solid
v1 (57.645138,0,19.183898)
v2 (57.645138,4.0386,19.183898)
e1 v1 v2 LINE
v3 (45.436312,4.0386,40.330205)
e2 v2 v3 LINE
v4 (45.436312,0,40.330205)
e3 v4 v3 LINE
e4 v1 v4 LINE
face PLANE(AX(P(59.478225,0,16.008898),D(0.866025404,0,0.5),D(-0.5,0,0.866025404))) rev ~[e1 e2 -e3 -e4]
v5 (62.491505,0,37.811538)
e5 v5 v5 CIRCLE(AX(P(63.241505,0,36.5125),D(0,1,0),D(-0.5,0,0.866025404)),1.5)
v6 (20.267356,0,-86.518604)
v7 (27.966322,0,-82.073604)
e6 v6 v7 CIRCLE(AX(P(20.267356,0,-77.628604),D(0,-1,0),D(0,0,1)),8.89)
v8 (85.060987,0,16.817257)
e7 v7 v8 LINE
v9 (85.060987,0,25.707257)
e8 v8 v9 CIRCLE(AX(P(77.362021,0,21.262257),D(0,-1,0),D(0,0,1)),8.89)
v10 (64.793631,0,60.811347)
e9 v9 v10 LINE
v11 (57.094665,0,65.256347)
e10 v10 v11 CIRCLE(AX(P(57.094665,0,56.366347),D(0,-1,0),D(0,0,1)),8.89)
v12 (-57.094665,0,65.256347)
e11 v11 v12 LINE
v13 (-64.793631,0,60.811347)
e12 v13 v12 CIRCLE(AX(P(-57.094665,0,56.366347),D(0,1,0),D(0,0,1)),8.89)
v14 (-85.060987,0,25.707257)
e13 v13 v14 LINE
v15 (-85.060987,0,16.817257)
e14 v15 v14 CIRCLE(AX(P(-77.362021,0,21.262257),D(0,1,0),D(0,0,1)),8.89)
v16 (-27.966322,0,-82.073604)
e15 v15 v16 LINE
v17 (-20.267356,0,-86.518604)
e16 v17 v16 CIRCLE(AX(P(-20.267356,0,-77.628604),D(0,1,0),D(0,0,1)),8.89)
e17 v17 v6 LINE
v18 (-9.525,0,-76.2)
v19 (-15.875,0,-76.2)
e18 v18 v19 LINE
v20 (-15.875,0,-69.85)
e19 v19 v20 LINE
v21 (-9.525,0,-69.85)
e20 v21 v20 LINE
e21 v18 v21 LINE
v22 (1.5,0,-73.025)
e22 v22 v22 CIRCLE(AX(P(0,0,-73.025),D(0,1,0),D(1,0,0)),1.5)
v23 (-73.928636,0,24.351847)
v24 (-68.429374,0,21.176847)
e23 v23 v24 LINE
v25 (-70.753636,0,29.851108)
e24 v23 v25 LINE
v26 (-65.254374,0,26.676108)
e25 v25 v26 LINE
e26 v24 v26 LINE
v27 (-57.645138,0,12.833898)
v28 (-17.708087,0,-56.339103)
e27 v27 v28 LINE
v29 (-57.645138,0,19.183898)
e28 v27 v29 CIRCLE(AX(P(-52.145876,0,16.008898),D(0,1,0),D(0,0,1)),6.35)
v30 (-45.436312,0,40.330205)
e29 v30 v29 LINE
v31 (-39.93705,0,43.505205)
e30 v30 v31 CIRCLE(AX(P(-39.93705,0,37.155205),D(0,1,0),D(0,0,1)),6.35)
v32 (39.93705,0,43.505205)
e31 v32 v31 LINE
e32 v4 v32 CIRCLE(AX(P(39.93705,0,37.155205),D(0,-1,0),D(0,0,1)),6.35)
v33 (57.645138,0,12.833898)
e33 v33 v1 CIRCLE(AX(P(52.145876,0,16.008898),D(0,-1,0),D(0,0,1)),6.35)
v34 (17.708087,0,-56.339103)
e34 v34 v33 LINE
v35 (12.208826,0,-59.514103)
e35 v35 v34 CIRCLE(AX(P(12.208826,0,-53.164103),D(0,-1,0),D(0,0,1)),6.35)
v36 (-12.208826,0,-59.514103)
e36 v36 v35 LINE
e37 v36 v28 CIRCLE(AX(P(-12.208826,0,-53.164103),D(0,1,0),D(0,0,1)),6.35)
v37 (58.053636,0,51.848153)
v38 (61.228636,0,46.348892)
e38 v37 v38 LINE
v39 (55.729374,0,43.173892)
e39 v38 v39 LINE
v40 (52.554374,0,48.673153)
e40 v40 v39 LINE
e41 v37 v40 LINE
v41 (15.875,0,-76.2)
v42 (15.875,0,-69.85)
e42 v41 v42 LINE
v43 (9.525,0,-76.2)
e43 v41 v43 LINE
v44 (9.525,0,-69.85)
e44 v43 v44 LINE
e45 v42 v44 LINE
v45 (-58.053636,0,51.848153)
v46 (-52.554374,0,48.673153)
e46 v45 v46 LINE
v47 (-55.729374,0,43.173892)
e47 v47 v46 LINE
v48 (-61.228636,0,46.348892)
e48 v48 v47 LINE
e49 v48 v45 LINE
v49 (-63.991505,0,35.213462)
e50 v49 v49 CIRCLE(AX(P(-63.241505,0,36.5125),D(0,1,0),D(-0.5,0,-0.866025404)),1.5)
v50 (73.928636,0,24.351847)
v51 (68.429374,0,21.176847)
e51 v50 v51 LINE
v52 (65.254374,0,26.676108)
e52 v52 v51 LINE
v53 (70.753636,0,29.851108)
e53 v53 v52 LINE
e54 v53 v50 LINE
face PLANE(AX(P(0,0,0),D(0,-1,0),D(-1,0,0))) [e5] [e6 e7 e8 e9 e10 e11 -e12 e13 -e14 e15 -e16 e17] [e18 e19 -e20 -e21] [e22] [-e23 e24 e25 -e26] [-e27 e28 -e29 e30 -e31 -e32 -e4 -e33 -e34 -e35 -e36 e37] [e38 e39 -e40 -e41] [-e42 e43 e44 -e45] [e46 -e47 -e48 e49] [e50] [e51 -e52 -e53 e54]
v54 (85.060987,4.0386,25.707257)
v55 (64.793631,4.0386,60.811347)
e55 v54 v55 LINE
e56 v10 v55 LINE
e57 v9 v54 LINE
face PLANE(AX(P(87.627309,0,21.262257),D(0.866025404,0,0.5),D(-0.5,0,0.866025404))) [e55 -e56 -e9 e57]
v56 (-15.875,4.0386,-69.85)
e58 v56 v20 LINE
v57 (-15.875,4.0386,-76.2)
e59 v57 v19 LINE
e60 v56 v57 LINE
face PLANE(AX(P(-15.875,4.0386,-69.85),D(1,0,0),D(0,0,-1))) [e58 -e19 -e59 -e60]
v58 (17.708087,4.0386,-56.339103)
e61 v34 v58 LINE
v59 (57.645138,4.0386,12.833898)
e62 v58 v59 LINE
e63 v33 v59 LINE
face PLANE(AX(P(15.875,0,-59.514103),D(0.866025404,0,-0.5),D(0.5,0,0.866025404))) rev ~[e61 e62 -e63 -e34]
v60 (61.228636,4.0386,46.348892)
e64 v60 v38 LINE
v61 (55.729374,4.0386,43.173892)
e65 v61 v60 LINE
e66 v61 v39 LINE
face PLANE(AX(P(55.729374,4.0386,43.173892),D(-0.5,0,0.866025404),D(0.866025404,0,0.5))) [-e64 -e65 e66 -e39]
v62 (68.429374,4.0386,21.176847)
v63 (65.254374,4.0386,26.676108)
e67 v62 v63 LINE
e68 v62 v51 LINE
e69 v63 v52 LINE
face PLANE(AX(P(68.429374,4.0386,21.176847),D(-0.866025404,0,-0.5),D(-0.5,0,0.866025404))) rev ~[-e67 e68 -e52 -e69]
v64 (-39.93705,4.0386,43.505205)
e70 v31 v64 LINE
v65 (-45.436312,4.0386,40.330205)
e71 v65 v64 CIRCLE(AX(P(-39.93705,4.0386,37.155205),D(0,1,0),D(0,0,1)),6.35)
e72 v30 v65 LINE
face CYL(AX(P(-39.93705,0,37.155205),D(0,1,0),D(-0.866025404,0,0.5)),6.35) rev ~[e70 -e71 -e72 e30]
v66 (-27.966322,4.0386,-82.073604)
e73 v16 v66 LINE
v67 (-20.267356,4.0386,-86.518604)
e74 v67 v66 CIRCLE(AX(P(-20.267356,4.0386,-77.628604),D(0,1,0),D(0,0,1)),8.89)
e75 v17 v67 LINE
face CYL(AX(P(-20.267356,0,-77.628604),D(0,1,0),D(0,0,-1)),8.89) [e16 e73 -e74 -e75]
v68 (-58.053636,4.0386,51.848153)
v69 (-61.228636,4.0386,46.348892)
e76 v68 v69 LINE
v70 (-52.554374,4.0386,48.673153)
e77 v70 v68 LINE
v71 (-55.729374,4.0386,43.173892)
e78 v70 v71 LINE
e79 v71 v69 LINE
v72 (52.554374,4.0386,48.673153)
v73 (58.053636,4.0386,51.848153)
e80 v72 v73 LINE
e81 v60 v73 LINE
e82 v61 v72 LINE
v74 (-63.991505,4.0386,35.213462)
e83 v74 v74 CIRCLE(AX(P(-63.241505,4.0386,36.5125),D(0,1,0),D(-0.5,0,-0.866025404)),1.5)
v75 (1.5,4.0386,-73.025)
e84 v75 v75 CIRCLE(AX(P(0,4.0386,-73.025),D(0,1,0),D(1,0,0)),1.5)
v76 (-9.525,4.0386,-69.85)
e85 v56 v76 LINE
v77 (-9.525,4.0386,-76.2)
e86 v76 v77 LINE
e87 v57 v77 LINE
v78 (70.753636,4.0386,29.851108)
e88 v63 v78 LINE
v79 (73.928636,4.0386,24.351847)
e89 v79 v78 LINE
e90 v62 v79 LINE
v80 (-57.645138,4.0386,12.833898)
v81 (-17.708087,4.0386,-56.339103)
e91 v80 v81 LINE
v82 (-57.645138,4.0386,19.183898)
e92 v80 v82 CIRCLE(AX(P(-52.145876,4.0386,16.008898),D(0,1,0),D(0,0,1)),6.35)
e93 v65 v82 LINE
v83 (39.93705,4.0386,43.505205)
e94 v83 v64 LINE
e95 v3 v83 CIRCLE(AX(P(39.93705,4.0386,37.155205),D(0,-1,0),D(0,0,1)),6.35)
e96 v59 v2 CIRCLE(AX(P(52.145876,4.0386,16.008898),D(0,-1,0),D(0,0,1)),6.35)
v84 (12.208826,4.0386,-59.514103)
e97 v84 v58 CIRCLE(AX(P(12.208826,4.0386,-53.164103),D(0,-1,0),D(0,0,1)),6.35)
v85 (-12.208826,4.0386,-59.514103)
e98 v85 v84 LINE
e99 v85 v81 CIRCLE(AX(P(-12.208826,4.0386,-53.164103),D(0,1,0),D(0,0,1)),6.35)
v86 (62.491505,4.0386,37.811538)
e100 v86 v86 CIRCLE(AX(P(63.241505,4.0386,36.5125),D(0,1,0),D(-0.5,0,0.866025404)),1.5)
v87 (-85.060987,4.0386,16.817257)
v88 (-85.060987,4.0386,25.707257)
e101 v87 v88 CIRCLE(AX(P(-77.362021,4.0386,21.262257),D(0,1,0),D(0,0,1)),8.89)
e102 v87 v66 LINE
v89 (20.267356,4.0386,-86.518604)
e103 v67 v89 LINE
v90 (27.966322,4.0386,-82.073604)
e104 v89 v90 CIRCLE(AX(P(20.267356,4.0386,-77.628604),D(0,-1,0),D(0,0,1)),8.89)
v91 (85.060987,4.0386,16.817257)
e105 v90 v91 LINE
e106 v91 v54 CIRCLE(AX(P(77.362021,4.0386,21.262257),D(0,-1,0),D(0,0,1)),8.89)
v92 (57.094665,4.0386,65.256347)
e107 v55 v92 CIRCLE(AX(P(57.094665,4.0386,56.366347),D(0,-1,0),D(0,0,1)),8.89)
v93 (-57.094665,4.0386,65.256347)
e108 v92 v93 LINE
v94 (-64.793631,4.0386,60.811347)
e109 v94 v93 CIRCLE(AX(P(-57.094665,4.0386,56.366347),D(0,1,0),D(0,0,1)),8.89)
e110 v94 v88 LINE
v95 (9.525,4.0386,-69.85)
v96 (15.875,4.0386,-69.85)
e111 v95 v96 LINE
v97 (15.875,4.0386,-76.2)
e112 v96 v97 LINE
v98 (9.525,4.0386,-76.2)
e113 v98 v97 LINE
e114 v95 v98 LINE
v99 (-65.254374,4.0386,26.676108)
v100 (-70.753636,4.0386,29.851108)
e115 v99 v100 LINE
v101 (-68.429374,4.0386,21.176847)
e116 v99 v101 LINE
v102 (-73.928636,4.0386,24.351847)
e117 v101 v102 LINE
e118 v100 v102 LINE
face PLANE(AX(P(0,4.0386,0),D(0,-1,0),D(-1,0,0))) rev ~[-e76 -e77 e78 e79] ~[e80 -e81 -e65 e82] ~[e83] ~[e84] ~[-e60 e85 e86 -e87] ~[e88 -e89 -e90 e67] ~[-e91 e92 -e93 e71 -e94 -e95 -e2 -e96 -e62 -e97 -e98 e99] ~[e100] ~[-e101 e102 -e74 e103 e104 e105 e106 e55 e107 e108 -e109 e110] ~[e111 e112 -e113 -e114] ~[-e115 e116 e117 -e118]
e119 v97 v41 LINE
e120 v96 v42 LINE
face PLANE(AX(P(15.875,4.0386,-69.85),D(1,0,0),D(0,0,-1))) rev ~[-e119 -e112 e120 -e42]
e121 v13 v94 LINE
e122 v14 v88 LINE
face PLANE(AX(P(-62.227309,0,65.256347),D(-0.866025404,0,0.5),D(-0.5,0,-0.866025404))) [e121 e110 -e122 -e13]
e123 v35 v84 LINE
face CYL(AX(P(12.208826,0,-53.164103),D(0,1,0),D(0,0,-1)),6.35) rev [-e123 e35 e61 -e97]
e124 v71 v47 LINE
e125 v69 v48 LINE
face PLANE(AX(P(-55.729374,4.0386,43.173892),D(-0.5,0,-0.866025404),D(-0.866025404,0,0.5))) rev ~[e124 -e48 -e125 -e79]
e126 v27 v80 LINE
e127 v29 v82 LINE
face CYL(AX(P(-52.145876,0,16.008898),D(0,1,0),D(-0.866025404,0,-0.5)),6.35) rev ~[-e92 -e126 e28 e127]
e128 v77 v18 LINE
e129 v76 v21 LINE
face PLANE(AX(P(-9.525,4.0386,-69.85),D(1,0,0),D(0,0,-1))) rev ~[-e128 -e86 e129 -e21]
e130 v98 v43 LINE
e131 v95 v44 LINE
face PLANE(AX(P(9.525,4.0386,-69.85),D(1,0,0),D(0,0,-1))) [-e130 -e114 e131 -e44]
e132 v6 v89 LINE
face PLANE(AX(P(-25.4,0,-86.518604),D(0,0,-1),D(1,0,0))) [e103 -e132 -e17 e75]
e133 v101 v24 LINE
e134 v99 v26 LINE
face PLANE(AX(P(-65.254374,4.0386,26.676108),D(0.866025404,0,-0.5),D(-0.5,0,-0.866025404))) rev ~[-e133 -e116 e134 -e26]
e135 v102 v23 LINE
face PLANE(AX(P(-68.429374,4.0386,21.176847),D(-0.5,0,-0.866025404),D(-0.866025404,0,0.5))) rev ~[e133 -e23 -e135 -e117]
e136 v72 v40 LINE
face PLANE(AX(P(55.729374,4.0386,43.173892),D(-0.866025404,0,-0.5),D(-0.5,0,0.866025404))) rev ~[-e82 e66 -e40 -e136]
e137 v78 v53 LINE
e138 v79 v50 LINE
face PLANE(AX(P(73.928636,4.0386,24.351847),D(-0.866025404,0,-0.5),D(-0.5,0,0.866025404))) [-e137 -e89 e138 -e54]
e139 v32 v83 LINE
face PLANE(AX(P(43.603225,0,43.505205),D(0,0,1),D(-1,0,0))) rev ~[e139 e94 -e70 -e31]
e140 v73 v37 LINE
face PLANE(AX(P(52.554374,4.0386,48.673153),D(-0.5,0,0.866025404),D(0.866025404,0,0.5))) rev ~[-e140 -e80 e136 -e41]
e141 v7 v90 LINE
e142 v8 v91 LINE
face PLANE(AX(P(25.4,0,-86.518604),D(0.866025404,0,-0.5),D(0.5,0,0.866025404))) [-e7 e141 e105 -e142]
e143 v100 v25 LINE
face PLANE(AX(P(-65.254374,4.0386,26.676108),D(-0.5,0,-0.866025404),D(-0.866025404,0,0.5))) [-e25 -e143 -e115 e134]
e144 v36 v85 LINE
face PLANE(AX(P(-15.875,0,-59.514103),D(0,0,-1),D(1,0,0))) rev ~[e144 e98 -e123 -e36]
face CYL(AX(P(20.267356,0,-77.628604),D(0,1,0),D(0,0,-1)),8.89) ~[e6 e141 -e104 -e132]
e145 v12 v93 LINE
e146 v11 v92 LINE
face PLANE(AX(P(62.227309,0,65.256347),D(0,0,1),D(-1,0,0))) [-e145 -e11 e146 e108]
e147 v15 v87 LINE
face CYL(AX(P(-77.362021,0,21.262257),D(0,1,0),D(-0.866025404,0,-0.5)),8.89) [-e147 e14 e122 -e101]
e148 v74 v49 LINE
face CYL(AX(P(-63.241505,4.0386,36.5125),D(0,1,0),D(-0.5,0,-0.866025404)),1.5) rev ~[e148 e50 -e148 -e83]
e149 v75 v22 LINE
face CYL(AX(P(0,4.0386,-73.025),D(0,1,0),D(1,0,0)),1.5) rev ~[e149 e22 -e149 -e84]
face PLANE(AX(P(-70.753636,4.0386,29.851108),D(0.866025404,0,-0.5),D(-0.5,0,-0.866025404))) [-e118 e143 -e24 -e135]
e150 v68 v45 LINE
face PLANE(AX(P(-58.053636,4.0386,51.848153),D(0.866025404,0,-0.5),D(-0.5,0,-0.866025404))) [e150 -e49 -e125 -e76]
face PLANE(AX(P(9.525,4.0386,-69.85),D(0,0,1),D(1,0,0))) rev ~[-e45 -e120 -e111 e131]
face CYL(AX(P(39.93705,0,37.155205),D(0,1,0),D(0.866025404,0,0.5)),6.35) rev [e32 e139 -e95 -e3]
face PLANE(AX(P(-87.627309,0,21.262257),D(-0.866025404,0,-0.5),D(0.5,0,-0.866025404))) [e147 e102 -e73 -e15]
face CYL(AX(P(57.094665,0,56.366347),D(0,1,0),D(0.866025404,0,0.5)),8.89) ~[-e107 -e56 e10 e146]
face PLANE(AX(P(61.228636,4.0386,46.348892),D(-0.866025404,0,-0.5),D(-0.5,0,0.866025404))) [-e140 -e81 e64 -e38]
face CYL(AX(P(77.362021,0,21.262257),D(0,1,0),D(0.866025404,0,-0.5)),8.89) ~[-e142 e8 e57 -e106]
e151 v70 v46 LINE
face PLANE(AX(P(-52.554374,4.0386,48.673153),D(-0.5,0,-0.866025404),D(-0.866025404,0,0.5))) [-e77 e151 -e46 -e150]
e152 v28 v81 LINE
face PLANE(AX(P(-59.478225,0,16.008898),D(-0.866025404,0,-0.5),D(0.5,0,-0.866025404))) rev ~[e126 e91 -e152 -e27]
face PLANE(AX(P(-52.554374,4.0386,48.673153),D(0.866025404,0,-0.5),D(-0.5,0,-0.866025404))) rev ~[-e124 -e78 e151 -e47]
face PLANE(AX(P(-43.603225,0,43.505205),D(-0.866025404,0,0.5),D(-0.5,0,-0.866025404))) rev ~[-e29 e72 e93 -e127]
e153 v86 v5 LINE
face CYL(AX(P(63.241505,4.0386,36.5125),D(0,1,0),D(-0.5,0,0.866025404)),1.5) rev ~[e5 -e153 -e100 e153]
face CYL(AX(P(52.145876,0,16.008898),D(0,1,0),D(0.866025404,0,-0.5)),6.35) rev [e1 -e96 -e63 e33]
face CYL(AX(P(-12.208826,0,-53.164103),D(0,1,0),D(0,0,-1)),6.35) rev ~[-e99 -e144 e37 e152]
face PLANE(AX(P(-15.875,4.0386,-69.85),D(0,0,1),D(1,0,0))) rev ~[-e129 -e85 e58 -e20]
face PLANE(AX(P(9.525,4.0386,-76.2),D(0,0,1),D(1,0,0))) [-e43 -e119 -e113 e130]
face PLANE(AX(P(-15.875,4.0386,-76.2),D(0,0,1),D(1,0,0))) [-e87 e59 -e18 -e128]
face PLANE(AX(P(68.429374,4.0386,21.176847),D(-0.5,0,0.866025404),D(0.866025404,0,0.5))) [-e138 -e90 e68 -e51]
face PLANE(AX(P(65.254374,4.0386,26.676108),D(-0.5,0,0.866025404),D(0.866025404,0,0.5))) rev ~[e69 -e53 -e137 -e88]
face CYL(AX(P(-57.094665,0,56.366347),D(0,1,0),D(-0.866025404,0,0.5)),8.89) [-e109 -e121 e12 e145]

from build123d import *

# Parameters (mm, degrees)
BOSS_EXTRUDE1_DEPTH = 4.0386
SKETCH2_R           = 1.5
SKETCH2_W           = 6.35
SKETCH2_H           = 6.35
CUT_EXTRUDE1_DEPTH  = 124.208459614
CIRPATTERN1_COUNT   = 3
FILLET1_R           = 8.89
FILLET2_R           = 6.35


with BuildPart() as part:
    # Sketch1 → Boss-Extrude1 (new body)
    with BuildSketch(Plane(origin=(0, 0, 0), x_dir=(1, 0, 0), z_dir=(0, 1, 0))):
        Polygon((-25.4, 86.518604358), (25.4, 86.518604358), (87.627309274, -21.262256923), (62.227309274, -65.256347435), (-62.227309274, -65.256347435), (-87.627309274, -21.262256923), align=None)
        Polygon((-15.875, 59.51410253), (15.875, 59.51410253), (59.478224675, -16.00889798), (43.603224675, -43.50520455), (-43.603224675, -43.50520455), (-59.478224675, -16.00889798), align=None, mode=Mode.SUBTRACT)
    extrude(amount=BOSS_EXTRUDE1_DEPTH)

    # Sketch2 → Cut-Extrude1 (cut, through all)
    with BuildSketch(Plane(origin=(0, 4.0386, 0), x_dir=(1, 0, 0), z_dir=(0, 1, 0))):
        with Locations((0, 73.025)):
            Circle(SKETCH2_R)
        with Locations((12.7, 73.025)):
            Rectangle(SKETCH2_W, SKETCH2_H)
        with Locations((-12.7, 73.025)):
            Rectangle(SKETCH2_W, SKETCH2_H)
    cut_extrude1 = extrude(amount=-CUT_EXTRUDE1_DEPTH, mode=Mode.SUBTRACT)

    # CirPattern1: Cut-Extrude1 ×3 about axis
    cirpattern1_axis = Axis((0, 2.328496272, 0), (0, 1, 0))
    for i in range(1, CIRPATTERN1_COUNT):
        add(cut_extrude1.rotate(cirpattern1_axis, i * 360 / CIRPATTERN1_COUNT), mode=Mode.SUBTRACT)

    # Fillet1
    fillet1_edges = [part.edges().sort_by_distance(p)[0] for p in [
        (-25.4, 2.0193, -86.518604358),
        (25.4, 2.0193, -86.518604358),
        (87.627309274, 2.0193, 21.262256923),
        (62.227309274, 2.0193, 65.256347435),
        (-87.627309274, 2.0193, 21.262256923),
        (-62.227309274, 2.0193, 65.256347435),
    ]]
    fillet(fillet1_edges, radius=FILLET1_R)

    # Fillet2
    fillet2_edges = [part.edges().sort_by_distance(p)[0] for p in [
        (15.875, 2.0193, -59.51410253),
        (-15.875, 2.0193, -59.51410253),
        (-59.478224675, 2.0193, 16.00889798),
        (-43.603224675, 2.0193, 43.50520455),
        (59.478224675, 2.0193, 16.00889798),
        (43.603224675, 2.0193, 43.50520455),
    ]]
    fillet(fillet2_edges, radius=FILLET2_R)


solid = part.part
